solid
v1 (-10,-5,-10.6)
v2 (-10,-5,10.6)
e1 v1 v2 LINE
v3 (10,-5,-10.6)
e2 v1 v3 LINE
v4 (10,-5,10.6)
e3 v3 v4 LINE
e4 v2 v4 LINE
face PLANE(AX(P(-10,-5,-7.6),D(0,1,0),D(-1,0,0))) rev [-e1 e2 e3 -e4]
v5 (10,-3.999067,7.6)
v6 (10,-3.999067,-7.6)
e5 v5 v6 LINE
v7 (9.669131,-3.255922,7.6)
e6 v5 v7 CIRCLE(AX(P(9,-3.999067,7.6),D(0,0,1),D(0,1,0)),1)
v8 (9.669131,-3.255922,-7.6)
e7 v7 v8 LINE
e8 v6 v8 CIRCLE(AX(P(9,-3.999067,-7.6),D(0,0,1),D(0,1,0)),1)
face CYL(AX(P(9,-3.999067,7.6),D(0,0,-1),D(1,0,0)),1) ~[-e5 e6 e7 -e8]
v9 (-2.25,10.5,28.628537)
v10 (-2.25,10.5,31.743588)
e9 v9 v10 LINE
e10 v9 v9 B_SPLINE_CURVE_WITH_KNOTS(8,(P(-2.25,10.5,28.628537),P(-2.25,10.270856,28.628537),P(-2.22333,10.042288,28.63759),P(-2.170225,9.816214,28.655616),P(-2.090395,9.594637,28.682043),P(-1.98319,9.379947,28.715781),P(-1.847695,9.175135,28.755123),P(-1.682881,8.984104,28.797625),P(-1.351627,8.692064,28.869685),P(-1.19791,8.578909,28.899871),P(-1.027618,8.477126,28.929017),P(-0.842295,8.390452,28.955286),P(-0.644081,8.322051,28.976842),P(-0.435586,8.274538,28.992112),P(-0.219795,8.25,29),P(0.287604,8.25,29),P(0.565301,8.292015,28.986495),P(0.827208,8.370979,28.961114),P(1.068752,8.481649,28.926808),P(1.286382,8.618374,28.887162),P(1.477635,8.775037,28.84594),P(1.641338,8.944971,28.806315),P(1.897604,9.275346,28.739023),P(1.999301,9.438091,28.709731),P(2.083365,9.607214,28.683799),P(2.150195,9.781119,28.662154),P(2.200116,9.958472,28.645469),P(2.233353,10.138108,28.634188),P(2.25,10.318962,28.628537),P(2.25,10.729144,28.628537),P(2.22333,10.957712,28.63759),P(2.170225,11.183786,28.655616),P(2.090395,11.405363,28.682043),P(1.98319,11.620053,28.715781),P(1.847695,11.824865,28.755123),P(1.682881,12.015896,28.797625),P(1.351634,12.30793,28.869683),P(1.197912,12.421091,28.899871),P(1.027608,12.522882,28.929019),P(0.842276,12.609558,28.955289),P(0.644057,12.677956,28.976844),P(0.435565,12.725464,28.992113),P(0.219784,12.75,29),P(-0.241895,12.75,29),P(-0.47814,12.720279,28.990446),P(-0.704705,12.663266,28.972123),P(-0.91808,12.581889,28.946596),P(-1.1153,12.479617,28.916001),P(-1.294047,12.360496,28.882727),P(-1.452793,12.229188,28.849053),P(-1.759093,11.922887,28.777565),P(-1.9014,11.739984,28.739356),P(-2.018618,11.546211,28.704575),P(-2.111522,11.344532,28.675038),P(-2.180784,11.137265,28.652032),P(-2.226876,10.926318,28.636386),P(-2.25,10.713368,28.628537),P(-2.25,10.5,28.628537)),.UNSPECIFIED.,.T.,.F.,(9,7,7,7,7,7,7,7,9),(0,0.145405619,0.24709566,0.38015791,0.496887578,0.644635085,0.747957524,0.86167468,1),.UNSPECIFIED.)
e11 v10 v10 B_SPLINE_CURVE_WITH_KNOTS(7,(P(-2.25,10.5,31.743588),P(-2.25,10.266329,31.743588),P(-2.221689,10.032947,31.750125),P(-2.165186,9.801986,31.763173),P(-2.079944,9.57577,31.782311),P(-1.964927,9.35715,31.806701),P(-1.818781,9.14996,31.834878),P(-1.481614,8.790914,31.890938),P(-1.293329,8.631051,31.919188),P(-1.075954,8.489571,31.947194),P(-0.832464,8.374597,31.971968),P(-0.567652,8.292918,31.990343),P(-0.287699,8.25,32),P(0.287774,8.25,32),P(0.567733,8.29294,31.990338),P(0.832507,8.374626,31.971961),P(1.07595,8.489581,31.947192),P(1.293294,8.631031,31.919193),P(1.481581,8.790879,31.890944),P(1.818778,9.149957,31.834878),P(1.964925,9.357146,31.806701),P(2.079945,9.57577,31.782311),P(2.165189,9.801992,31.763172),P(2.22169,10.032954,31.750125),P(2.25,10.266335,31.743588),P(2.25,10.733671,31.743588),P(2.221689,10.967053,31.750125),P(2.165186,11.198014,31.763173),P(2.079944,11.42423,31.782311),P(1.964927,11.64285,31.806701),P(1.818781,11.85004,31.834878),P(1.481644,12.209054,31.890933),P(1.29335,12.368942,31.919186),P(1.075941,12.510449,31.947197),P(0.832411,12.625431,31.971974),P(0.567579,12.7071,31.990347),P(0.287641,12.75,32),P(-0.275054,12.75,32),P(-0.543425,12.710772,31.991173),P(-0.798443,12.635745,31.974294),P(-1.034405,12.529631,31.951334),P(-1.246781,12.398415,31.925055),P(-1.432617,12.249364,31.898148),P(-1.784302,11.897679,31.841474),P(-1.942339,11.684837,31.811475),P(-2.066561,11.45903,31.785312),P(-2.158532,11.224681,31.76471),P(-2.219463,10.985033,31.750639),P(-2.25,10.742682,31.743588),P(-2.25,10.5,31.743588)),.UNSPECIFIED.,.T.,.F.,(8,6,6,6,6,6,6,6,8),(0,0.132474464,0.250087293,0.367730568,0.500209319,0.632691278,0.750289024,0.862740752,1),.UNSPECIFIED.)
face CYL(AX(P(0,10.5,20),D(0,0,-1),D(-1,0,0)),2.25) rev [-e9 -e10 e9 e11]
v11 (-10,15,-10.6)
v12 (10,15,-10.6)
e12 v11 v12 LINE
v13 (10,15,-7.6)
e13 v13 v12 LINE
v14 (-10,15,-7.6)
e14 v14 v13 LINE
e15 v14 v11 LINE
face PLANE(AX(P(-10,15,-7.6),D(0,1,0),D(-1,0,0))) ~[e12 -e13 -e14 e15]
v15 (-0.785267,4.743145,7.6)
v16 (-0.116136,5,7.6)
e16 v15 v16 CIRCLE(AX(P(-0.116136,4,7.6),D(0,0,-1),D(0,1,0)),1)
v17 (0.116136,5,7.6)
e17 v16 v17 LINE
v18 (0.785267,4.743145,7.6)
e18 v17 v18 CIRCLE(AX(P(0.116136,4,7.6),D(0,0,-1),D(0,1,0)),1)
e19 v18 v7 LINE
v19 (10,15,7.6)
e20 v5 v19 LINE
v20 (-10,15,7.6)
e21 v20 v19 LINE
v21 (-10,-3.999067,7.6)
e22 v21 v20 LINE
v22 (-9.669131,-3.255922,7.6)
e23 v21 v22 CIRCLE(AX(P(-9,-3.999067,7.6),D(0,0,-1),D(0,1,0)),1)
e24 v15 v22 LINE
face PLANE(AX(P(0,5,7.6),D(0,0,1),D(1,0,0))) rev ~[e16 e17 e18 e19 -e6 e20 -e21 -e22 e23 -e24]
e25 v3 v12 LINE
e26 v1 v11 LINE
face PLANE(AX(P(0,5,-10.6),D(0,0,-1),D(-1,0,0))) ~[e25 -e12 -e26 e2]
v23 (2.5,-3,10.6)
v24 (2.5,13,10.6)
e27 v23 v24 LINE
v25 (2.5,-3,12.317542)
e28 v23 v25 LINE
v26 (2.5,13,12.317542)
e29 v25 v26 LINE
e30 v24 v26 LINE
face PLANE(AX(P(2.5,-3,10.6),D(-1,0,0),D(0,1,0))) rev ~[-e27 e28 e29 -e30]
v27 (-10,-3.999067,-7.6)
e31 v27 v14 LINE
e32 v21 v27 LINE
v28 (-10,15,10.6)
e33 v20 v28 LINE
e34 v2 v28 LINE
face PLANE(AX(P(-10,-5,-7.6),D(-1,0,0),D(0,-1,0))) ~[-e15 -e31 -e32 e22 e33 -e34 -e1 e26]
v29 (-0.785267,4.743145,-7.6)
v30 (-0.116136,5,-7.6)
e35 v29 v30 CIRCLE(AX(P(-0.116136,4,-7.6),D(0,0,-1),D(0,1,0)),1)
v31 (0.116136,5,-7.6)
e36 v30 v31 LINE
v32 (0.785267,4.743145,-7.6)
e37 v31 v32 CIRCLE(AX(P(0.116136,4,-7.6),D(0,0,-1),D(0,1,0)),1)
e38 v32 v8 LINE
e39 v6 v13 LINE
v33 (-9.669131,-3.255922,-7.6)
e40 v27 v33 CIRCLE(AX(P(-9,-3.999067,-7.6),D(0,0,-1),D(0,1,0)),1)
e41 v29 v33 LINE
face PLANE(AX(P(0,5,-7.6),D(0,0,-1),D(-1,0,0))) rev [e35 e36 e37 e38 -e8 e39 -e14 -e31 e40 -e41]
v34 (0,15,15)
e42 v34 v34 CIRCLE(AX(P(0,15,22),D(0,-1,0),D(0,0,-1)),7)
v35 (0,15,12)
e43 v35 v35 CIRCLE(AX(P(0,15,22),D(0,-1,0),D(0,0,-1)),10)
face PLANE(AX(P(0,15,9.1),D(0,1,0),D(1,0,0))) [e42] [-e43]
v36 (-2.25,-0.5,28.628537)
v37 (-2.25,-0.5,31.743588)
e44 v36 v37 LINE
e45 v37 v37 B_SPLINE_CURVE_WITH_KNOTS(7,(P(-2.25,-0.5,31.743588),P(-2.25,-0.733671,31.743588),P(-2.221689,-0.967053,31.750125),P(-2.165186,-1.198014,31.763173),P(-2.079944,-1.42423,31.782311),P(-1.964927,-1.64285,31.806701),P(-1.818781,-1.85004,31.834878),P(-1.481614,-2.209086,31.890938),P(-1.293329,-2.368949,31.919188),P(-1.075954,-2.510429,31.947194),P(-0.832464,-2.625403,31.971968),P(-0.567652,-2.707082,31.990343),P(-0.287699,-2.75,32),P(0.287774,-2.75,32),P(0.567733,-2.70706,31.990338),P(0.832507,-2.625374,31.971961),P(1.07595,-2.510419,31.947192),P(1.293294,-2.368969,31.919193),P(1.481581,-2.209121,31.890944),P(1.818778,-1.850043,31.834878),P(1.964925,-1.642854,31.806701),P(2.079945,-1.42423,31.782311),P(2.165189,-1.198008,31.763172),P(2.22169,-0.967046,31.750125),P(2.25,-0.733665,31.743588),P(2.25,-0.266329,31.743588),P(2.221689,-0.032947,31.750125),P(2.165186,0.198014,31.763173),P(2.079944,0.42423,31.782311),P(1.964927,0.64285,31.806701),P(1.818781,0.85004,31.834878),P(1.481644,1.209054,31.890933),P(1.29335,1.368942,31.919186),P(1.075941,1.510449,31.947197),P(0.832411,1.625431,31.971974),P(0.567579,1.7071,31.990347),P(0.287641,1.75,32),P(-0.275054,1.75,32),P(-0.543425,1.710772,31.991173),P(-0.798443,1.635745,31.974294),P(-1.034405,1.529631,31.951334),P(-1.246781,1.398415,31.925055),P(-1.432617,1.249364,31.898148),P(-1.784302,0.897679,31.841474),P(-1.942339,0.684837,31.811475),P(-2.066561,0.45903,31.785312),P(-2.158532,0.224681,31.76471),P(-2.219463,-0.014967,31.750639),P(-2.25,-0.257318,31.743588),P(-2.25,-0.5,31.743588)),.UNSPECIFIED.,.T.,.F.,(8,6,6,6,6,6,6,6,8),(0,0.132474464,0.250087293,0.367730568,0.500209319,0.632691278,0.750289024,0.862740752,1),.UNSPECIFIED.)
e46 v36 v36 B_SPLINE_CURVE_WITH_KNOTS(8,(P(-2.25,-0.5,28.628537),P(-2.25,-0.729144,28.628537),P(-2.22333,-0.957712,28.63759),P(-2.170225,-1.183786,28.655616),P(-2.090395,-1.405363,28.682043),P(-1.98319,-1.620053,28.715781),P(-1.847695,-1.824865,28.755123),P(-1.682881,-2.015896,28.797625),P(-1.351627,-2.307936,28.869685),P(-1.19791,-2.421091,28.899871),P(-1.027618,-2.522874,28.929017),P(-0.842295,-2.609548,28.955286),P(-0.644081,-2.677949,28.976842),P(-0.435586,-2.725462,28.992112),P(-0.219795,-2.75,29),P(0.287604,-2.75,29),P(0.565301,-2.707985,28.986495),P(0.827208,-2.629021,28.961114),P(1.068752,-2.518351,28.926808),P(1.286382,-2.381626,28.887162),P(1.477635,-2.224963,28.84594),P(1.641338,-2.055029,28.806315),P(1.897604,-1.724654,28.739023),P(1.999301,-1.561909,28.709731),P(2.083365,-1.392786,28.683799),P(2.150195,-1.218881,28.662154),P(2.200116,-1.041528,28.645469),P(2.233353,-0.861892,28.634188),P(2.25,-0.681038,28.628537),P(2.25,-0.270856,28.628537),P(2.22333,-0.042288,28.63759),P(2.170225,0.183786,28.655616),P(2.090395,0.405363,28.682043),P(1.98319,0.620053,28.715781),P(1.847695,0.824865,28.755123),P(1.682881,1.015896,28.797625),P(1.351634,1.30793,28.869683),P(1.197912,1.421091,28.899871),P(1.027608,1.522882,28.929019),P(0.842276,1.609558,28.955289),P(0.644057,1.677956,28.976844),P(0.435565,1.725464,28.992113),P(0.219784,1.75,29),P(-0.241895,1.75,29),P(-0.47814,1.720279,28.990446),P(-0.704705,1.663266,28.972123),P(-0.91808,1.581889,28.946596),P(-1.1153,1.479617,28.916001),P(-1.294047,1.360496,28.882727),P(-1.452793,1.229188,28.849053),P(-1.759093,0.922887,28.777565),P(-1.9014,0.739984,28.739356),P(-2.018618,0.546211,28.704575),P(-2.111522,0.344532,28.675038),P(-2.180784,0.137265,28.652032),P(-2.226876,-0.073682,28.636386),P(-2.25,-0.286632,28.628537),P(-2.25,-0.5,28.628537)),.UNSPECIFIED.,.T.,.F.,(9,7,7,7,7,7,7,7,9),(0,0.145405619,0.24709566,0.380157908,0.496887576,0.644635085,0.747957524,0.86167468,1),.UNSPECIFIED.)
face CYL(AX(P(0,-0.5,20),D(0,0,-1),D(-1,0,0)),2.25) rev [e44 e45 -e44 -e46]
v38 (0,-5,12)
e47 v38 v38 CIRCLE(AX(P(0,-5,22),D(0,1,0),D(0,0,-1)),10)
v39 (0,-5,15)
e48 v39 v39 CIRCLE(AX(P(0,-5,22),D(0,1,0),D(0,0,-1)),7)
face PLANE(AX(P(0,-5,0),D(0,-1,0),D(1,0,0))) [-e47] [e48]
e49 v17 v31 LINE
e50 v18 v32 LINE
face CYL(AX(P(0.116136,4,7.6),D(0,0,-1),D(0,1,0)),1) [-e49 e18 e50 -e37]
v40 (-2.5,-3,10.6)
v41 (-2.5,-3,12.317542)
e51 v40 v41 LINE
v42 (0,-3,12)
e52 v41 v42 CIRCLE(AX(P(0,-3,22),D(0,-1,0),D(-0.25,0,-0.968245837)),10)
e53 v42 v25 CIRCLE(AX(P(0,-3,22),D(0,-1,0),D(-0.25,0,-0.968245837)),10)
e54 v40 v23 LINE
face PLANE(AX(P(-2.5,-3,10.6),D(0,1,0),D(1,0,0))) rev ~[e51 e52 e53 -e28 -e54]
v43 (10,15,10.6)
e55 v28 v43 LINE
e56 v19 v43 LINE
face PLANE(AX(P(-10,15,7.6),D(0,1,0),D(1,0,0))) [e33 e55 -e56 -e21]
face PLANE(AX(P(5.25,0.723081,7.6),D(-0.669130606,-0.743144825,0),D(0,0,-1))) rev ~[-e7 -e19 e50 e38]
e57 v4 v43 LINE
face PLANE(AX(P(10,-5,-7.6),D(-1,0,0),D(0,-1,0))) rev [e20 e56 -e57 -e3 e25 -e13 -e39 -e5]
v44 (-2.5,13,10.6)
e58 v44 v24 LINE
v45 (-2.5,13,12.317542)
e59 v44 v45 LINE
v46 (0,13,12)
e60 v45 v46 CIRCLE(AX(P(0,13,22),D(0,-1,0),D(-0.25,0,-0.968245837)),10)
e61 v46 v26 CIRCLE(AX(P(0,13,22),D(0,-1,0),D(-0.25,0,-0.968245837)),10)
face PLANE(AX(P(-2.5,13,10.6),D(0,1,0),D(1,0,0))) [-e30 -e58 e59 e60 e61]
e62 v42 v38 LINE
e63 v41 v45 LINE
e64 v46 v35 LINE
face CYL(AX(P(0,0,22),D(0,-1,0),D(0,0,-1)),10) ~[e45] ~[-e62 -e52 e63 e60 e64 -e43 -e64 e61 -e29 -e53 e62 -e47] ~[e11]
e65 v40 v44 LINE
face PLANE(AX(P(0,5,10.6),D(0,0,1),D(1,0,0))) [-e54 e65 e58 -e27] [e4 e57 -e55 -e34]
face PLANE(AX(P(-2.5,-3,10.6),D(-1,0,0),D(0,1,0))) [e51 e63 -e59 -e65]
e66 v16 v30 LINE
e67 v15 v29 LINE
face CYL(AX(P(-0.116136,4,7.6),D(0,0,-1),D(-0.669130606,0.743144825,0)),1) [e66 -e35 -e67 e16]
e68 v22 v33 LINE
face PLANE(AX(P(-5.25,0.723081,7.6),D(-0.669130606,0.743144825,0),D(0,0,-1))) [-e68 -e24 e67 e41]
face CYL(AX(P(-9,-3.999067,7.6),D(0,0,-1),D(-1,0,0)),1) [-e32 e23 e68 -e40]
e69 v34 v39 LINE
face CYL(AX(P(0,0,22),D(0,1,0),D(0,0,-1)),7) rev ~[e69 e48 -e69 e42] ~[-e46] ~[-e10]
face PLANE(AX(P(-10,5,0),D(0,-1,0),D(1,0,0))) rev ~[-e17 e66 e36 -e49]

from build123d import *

# Parameters (mm, degrees)
SKETCH2_W                       = 20
SKETCH2_H                       = 10
BOSS_EXTRUDE1_DEPTH             = 7.6
CHAMFER1_SIZE                   = 9.5
CHAMFER1_SIZE2                  = 8.553838421
FILLET3_R                       = 1
SKETCH3_W                       = 20
SKETCH3_H                       = 20
BOSS_EXTRUDE2_DEPTH             = 3
BOSS_EXTRUDE3_REACH             = 22.913
SKETCH6_R                       = 10
SKETCH6_R_2                     = 7
BOSS_EXTRUDE3_DIRECTION_2_REACH = 22.913
BOSS_EXTRUDE4_REACH             = 29.981
BOSS_EXTRUDE4_END_RADIUS        = 10
SKETCH5_W                       = 5
SKETCH5_H                       = 16
CUT_EXTRUDE1_REACH              = 37.516
CUT_EXTRUDE1_END_RADIUS         = 10
SKETCH7_R                       = 2.25


with BuildPart() as part:
    # Sketch2 → Boss-Extrude1 (new, symmetric)
    with BuildSketch(Plane.XY):
        Rectangle(SKETCH2_W, SKETCH2_H)
    extrude(amount=BOSS_EXTRUDE1_DEPTH, both=True)

    # Chamfer1
    chamfer1_edges = [part.edges().sort_by_distance(p)[0] for p in [
        (-10, 5, 0),
        (10, 5, 0),
    ]]
    chamfer1_side = [part.faces().sort_by_distance(p)[0] for p in [
        (0, 5, 0),
    ]]
    chamfer(chamfer1_edges, length=CHAMFER1_SIZE, length2=CHAMFER1_SIZE2, reference=chamfer1_side[0])

    # Fillet3
    fillet3_edges = [part.edges().sort_by_distance(p)[0] for p in [
        (-0.5, 5, 0),
        (0.5, 5, 0),
        (10, -3.553838421, 0),
        (-10, -3.553838421, 0),
    ]]
    fillet(fillet3_edges, radius=FILLET3_R)

    # Sketch3 → Boss-Extrude2 (add)
    with BuildSketch(Plane.XY.offset(7.6)):
        with Locations((0, 5)):
            Rectangle(SKETCH3_W, SKETCH3_H)
    boss_extrude2 = extrude(amount=BOSS_EXTRUDE2_DEPTH)

    # Mirror1: Boss-Extrude2 across plane
    add(boss_extrude2.mirror(Plane.XY))


with BuildPart() as body_2:

    # Boss-Extrude3: up to this face of the body (flat: up to its plane)
    boss_extrude3_end = Plane(part.part.faces().sort_by_distance((0, 15, 9.1))[0])
    # Sketch6 → Boss-Extrude3 (new, up to the picked face)
    with BuildSketch(Plane(origin=(0, 0, 0), x_dir=(1, 0, 0), z_dir=(0, 1, 0)), mode=Mode.PRIVATE) as boss_extrude3_sk1:
        with Locations(Location((0, -22, 0), (0, 0, 90))):
            Circle(SKETCH6_R)
        with Locations(Location((0, -22, 0), (0, 0, 90))):
            Circle(SKETCH6_R_2, mode=Mode.SUBTRACT)
    boss_extrude3_tool1 = split(extrude(boss_extrude3_sk1.sketch, amount=BOSS_EXTRUDE3_REACH, mode=Mode.PRIVATE), bisect_by=boss_extrude3_end, keep=Keep.BOTH, mode=Mode.PRIVATE)
    add(boss_extrude3_tool1.solids().sort_by(Axis((0, 0, 31.717157), (0, 1, 0)))[0])


    # Boss-Extrude3 direction 2: up to this face of the body (flat: up to its plane)
    boss_extrude3_direction_2_end = Plane(part.part.faces().sort_by_distance((0, -5, 0))[0])
    # Sketch6 → Boss-Extrude3 direction 2 (add, up to the picked face)
    with BuildSketch(Plane(origin=(0, 0, 0), x_dir=(1, 0, 0), z_dir=(0, 1, 0)), mode=Mode.PRIVATE) as boss_extrude3_direction_2_sk1:
        with Locations(Location((0, -22, 0), (0, 0, 90))):
            Circle(SKETCH6_R)
        with Locations(Location((0, -22, 0), (0, 0, 90))):
            Circle(SKETCH6_R_2, mode=Mode.SUBTRACT)
    boss_extrude3_direction_2_tool1 = split(extrude(boss_extrude3_direction_2_sk1.sketch, amount=-BOSS_EXTRUDE3_DIRECTION_2_REACH, mode=Mode.PRIVATE), bisect_by=boss_extrude3_direction_2_end, keep=Keep.BOTH, mode=Mode.PRIVATE)
    add(boss_extrude3_direction_2_tool1.solids().sort_by(Axis((0, 0, 31.717157), (0, -1, 0)))[0])


with BuildPart() as part_1:
    add(part.part)

    add(body_2.part)  # Boss-Extrude4 merges body 2
    # Boss-Extrude4: up to this cylinder (the profile starts outside it)
    boss_extrude4_end = Plane(origin=(0, 5, 22), z_dir=(0, -1, 0)) * Cylinder(BOSS_EXTRUDE4_END_RADIUS, 80.962, mode=Mode.PRIVATE)
    # Sketch5 → Boss-Extrude4 (add, up to the surface)
    with BuildSketch(Plane.XY.offset(10.6), mode=Mode.PRIVATE) as boss_extrude4_sk1:
        with Locations((0, 5)):
            Rectangle(SKETCH5_W, SKETCH5_H)
    boss_extrude4_tool1 = extrude(boss_extrude4_sk1.sketch, amount=BOSS_EXTRUDE4_REACH, mode=Mode.PRIVATE) - boss_extrude4_end
    add(boss_extrude4_tool1.solids().sort_by_distance((0, 5, 10.6))[0])

    # Cut-Extrude1: up to this cylinder (the profile starts inside it)
    cut_extrude1_end = Plane(origin=(0, 5, 22), z_dir=(0, -1, 0)) * Cylinder(CUT_EXTRUDE1_END_RADIUS, 107.032, mode=Mode.PRIVATE)
    # Sketch7 → Cut-Extrude1 (cut, up to the surface)
    with BuildSketch(Plane.XY.offset(20), mode=Mode.PRIVATE) as cut_extrude1_sk1:
        with Locations(Location((0, 10.5, 0), (0, 0, 180))):
            Circle(SKETCH7_R)
    cut_extrude1_tool1 = extrude(cut_extrude1_sk1.sketch, amount=CUT_EXTRUDE1_REACH, mode=Mode.PRIVATE) & cut_extrude1_end
    add(cut_extrude1_tool1.solids().sort_by_distance((0, 10.5, 20))[0], mode=Mode.SUBTRACT)
    # Sketch7 → Cut-Extrude1 (cut, up to the surface)
    with BuildSketch(Plane.XY.offset(20), mode=Mode.PRIVATE) as cut_extrude1_sk2:
        with Locations(Location((0, -0.5, 0), (0, 0, 180))):
            Circle(SKETCH7_R)
    cut_extrude1_tool2 = extrude(cut_extrude1_sk2.sketch, amount=CUT_EXTRUDE1_REACH, mode=Mode.PRIVATE) & cut_extrude1_end
    add(cut_extrude1_tool2.solids().sort_by_distance((0, -0.5, 20))[0], mode=Mode.SUBTRACT)


solid = part_1.part
